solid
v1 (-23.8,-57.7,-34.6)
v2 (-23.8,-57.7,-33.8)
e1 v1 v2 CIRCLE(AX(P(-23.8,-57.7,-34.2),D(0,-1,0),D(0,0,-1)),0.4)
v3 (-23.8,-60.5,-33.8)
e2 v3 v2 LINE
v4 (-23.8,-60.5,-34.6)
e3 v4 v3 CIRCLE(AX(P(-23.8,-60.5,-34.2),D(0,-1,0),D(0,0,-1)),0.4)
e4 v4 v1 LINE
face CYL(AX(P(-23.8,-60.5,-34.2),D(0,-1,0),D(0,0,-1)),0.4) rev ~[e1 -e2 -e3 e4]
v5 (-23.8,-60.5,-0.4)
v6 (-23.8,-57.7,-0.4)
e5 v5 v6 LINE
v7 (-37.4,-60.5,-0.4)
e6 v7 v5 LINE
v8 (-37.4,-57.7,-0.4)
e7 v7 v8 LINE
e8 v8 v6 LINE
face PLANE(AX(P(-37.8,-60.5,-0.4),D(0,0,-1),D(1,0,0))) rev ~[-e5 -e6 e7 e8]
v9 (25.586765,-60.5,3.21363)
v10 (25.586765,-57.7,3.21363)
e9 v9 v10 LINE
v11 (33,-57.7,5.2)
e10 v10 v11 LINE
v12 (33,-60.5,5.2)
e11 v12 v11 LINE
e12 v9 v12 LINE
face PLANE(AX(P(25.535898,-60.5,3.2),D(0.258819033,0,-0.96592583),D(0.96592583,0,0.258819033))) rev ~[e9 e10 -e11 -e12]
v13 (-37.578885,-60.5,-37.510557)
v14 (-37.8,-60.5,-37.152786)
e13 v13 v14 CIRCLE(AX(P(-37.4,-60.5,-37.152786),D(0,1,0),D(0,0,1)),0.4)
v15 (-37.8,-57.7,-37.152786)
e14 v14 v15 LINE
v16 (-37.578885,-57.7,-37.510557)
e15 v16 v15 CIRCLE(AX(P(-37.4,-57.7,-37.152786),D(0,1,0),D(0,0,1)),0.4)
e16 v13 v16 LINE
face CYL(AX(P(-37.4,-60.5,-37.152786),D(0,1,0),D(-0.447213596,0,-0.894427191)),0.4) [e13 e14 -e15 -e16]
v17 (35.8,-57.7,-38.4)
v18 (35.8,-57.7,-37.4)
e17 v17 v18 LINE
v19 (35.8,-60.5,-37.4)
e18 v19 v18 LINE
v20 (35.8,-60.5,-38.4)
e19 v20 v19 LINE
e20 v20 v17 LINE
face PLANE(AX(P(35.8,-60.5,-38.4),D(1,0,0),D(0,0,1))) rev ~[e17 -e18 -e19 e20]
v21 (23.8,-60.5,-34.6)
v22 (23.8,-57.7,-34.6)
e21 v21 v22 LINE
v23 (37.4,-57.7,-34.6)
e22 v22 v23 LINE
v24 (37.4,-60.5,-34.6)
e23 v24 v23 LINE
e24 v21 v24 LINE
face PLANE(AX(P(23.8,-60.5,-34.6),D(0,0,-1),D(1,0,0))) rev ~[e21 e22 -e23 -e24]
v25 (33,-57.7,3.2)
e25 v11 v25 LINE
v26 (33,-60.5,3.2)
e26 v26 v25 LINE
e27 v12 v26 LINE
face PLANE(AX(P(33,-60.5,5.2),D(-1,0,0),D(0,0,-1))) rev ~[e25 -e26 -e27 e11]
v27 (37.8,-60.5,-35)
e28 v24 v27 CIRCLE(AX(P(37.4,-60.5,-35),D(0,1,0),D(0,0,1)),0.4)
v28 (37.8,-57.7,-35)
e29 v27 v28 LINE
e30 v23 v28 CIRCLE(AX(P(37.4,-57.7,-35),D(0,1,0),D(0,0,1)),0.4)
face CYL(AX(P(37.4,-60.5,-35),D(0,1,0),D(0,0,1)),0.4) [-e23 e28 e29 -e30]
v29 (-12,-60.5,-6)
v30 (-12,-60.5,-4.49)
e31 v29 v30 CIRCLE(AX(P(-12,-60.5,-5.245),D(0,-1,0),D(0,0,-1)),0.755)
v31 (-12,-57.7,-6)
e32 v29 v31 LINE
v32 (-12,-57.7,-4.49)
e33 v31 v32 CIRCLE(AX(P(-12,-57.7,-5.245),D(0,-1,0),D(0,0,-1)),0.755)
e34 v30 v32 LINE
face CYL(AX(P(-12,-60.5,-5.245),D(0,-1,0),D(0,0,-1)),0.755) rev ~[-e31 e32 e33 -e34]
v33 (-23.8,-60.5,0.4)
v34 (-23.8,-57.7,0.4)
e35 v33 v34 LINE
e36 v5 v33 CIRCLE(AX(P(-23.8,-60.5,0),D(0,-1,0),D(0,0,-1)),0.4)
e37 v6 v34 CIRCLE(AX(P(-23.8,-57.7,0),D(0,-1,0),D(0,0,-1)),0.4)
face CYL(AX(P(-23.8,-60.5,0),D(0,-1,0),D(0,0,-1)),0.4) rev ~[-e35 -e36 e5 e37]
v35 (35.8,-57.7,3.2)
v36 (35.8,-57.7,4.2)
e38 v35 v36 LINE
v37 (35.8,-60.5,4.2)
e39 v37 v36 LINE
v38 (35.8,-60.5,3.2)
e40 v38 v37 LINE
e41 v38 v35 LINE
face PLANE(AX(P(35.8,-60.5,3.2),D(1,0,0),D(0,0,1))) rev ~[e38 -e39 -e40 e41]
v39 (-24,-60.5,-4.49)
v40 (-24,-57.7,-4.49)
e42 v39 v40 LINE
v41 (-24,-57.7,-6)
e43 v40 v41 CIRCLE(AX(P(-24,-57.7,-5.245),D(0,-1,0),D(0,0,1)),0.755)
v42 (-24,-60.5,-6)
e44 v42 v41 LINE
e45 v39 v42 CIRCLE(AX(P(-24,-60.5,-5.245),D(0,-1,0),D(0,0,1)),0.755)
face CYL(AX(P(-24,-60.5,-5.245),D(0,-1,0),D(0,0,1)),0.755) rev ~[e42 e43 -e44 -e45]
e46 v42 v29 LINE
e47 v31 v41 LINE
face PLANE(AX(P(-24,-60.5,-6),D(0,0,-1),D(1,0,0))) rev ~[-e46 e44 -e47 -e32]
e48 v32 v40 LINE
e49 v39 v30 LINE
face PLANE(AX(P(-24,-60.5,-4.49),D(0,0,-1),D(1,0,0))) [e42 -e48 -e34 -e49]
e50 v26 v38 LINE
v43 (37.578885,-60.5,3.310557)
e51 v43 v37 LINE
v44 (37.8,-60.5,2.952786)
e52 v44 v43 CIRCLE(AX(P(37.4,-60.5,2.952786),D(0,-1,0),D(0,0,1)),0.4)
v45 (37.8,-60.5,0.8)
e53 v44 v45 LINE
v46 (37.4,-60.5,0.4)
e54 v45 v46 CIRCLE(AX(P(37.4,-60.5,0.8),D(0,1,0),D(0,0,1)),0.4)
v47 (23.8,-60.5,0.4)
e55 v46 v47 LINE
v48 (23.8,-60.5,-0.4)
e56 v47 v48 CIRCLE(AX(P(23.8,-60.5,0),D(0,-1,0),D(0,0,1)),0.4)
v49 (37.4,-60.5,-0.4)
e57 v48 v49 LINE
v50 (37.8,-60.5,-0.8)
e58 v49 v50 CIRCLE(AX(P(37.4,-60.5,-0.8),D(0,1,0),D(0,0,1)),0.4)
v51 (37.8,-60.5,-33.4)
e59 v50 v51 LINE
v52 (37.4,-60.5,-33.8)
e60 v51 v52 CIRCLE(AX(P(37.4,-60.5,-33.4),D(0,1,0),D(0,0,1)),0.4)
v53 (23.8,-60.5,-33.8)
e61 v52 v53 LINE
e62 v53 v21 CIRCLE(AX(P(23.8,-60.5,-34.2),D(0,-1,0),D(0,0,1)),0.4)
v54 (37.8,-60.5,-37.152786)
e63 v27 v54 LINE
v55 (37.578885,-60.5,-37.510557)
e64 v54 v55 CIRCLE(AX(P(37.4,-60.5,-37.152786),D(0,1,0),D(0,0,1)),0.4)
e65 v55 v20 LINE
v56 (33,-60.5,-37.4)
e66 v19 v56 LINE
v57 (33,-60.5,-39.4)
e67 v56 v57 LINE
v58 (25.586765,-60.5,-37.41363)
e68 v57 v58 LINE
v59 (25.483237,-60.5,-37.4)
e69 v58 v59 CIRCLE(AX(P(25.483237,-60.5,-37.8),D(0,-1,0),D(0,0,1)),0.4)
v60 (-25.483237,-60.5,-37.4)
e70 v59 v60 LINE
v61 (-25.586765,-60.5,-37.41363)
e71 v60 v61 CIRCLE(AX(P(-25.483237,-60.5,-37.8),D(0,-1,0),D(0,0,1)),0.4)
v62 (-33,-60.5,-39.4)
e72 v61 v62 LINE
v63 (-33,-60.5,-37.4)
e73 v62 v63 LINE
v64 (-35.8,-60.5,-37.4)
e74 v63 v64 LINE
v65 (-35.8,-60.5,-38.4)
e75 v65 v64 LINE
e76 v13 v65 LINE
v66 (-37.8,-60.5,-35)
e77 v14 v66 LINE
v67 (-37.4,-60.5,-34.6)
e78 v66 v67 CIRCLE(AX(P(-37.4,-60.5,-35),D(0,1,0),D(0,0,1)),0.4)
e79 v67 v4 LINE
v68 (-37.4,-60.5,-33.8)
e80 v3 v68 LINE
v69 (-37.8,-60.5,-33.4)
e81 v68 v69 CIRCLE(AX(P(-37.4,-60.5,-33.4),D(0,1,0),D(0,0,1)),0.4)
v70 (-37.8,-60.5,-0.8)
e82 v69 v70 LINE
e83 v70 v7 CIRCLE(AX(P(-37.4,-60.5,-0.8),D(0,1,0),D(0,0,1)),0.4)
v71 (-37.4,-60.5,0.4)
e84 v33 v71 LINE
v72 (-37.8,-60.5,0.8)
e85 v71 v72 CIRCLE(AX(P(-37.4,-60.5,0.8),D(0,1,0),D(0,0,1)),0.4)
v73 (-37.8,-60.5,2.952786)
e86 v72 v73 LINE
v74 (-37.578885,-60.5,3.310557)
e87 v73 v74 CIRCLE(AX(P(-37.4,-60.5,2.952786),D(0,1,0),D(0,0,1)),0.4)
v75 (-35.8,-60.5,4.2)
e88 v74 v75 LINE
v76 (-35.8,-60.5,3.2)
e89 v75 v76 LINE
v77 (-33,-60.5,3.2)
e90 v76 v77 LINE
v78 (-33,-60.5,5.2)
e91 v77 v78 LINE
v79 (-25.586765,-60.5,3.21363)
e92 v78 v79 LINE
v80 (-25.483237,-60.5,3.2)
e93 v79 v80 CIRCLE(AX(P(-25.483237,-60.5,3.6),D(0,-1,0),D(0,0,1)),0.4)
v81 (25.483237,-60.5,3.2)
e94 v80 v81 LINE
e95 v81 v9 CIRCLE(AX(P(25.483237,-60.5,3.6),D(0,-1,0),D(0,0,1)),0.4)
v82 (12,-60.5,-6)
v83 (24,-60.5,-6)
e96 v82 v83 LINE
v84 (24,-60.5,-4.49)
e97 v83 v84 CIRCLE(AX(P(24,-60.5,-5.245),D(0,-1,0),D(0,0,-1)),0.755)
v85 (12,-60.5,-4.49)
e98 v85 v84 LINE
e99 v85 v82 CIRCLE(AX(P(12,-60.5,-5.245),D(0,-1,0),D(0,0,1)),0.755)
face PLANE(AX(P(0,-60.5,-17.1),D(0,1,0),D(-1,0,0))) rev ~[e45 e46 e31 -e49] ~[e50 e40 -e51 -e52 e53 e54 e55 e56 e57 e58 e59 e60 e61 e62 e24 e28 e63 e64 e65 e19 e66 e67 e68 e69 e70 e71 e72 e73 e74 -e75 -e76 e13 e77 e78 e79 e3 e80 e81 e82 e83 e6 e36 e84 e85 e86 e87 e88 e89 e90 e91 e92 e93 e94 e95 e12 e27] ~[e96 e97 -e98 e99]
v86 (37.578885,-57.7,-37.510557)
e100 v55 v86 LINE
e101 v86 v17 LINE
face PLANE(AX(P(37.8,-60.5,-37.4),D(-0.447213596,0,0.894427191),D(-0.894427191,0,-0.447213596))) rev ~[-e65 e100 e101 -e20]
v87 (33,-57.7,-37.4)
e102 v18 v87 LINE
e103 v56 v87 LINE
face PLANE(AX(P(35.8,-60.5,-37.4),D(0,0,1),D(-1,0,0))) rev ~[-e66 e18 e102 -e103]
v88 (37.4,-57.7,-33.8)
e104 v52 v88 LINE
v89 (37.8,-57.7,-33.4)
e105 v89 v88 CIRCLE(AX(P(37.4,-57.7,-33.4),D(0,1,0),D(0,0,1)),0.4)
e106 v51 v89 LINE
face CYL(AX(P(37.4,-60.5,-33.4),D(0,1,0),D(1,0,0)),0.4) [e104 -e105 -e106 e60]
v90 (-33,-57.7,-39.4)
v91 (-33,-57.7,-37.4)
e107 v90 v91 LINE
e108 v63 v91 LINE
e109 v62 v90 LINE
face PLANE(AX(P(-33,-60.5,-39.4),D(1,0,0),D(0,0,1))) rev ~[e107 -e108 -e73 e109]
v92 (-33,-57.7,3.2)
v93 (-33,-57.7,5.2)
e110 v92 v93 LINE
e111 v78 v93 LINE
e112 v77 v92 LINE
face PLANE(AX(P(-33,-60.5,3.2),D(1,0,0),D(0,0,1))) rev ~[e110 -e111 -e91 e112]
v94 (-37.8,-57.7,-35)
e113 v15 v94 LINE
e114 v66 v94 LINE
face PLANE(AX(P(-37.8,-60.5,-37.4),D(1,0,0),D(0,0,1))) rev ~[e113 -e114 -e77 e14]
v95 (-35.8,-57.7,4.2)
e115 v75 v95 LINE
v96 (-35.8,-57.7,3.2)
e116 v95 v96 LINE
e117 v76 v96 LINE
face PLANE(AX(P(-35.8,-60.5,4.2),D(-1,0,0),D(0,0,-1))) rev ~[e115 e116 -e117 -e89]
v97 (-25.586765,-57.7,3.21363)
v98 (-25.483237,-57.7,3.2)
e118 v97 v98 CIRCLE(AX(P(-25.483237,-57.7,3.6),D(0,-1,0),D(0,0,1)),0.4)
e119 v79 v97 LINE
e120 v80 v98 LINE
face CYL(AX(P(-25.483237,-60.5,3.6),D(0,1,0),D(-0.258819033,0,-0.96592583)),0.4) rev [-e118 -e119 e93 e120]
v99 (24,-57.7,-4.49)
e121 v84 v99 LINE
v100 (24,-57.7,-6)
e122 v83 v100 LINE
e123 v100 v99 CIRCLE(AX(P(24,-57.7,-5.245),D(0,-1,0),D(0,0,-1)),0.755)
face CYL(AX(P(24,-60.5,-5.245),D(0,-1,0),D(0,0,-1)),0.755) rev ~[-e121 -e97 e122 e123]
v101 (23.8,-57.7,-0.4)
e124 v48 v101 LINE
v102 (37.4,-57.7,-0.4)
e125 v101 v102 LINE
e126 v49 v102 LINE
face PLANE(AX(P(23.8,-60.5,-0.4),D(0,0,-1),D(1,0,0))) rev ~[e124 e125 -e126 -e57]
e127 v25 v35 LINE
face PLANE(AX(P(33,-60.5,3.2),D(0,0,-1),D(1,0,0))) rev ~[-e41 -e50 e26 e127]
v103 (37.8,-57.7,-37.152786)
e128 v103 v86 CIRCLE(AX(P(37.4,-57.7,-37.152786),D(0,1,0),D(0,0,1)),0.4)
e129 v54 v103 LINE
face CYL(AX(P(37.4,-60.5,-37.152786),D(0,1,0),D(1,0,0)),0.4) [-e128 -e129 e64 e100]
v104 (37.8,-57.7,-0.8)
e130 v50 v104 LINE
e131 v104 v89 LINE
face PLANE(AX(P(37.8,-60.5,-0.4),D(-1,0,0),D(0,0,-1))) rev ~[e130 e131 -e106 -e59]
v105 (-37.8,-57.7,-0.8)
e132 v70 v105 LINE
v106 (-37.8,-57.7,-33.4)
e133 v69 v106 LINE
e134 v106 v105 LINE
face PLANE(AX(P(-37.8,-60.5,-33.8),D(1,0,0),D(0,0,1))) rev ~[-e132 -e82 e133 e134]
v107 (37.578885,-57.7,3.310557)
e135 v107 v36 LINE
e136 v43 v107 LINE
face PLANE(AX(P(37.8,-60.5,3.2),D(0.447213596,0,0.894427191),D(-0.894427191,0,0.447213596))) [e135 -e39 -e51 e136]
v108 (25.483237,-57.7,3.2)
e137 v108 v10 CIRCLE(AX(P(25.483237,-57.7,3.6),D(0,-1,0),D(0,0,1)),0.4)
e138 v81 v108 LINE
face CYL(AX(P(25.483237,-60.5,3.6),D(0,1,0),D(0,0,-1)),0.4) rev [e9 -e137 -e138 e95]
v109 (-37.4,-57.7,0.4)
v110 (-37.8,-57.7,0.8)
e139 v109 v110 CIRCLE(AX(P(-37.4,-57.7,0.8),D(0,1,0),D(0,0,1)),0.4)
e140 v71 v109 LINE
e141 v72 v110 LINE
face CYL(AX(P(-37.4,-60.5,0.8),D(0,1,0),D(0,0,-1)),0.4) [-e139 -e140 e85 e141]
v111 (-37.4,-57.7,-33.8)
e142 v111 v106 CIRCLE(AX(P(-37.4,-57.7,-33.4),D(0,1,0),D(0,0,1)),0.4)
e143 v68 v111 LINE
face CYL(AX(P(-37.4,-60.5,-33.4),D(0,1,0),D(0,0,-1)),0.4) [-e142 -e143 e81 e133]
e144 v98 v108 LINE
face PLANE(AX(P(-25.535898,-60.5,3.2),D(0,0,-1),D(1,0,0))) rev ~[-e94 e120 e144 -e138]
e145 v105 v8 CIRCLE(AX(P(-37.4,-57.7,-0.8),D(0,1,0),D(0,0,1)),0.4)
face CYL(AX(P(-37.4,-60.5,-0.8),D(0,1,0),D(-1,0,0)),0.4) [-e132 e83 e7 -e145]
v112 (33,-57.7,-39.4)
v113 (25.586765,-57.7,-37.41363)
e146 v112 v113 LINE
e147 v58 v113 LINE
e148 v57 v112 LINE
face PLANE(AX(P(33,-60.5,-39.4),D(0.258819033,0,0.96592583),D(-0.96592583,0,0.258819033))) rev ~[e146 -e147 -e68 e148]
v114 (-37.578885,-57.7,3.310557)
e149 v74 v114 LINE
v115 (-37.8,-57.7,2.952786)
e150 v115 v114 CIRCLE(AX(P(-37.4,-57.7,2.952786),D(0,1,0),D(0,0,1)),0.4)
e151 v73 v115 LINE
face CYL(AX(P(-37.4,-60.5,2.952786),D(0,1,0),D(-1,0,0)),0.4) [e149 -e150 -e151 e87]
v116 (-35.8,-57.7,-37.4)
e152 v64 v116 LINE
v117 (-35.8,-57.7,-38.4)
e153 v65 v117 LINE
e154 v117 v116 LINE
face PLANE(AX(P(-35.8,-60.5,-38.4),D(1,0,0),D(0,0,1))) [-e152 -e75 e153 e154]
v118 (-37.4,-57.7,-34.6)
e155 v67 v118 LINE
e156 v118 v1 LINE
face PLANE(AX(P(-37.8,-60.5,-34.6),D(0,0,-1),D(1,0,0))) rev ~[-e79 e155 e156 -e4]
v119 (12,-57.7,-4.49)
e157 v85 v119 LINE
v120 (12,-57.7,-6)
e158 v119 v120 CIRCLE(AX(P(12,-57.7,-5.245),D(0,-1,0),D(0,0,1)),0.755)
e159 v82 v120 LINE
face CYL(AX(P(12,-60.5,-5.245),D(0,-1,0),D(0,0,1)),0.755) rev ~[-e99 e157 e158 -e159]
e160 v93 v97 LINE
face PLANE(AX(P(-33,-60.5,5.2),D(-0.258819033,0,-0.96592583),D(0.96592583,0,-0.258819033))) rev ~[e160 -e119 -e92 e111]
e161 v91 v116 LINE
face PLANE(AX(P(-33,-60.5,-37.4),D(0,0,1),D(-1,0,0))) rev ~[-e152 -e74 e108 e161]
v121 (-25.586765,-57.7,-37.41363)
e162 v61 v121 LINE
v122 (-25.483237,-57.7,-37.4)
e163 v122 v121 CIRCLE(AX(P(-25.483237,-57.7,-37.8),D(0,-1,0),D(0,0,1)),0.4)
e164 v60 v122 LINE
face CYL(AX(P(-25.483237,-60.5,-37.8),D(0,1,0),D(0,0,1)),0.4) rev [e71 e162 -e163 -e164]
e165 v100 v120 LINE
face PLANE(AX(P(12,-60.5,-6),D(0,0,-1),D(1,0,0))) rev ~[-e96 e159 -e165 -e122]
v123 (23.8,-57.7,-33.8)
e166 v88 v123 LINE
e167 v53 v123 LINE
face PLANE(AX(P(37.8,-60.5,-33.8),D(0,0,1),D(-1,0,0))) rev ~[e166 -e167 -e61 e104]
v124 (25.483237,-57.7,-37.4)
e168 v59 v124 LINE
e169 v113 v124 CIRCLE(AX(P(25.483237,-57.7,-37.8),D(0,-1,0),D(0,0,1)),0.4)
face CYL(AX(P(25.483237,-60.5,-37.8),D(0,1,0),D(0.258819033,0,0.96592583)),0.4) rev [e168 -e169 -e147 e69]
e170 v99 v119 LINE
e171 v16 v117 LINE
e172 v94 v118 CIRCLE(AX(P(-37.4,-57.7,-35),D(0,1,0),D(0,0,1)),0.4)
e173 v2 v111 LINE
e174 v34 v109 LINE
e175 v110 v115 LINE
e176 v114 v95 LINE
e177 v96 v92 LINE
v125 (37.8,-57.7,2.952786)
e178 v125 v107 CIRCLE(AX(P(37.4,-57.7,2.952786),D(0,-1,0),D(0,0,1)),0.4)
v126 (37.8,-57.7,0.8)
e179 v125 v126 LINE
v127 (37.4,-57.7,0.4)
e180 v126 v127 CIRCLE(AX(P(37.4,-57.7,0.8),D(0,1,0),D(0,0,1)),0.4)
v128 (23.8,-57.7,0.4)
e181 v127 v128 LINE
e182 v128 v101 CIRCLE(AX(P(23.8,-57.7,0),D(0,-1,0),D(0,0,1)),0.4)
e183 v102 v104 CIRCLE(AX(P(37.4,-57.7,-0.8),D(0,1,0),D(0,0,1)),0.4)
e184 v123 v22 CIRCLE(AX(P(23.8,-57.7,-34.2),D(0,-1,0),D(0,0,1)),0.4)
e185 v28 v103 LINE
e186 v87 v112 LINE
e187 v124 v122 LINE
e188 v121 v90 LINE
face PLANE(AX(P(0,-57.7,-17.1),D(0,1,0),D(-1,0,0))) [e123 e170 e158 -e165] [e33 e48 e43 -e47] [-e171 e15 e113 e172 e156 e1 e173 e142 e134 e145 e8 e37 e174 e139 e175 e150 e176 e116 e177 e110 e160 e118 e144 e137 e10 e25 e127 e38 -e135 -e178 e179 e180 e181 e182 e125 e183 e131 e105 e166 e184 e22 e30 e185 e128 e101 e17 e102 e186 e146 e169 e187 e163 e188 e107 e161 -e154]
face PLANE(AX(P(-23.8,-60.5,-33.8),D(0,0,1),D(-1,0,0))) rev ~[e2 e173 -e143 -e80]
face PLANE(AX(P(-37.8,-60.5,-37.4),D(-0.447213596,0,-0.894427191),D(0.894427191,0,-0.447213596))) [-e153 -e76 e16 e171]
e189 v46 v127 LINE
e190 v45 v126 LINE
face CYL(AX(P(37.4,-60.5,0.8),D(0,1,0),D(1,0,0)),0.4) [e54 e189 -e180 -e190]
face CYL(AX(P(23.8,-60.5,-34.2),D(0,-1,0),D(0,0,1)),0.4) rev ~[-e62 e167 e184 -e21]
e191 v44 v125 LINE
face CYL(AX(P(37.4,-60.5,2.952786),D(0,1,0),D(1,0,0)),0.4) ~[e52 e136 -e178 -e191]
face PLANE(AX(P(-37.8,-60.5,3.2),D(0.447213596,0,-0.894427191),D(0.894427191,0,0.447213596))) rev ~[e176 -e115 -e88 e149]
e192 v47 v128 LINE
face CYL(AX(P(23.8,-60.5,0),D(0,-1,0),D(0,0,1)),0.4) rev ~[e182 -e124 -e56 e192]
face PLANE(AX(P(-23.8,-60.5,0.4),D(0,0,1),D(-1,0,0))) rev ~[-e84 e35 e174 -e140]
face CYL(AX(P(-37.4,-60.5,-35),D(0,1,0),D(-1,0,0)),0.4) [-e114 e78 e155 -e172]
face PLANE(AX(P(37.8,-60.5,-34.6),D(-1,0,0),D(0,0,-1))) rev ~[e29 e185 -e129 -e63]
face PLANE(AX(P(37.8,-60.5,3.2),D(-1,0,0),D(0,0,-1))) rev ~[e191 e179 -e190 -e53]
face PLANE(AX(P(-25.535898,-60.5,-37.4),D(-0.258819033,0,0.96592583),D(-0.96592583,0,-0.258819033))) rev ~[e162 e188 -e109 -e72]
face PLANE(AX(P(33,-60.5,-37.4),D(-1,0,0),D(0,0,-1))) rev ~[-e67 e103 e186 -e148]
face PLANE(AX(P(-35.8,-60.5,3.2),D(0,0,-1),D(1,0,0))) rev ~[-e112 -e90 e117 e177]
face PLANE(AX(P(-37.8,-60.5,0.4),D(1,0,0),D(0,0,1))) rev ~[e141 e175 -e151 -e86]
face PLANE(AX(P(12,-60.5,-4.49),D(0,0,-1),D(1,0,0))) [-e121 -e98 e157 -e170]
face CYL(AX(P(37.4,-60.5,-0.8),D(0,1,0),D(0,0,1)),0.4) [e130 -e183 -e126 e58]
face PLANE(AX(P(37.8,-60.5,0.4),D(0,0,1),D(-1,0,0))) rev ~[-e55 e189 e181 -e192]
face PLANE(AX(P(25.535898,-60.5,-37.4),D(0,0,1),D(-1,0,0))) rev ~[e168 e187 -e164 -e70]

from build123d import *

# Parameters (mm, degrees)
PAD009_DEPTH    = 2.8
FILLET004_R     = 0.4
POCKET014_DEPTH = 2.801


with BuildPart() as part:
    # Sketch009 → Pad009 (new body)
    with BuildSketch(Plane.XZ.offset(60.5)):
        with BuildLine():
            Line((37.8, 3.2), (37.8, 0.4))
            Line((37.8, 0.4), (23.8, 0.4))
            ThreePointArc((23.8, 0.4), (23.4, 0), (23.8, -0.4))
            Line((23.8, -0.4), (37.8, -0.4))
            Line((37.8, -0.4), (37.8, -33.8))
            Line((37.8, -33.8), (23.8, -33.8))
            ThreePointArc((23.8, -33.8), (23.4, -34.2), (23.8, -34.6))
            Line((23.8, -34.6), (37.8, -34.6))
            Line((37.8, -34.6), (37.8, -37.4))
            Line((37.8, -37.4), (35.8, -38.4))
            Line((35.8, -38.4), (35.8, -37.4))
            Line((35.8, -37.4), (33, -37.4))
            Line((33, -37.4), (33, -39.4))
            Line((33, -39.4), (25.535898, -37.4))
            Line((25.535898, -37.4), (-25.535898, -37.4))
            Line((-25.535898, -37.4), (-33, -39.4))
            Line((-33, -39.4), (-33, -37.4))
            Line((-33, -37.4), (-35.8, -37.4))
            Line((-35.8, -38.4), (-35.8, -37.4))
            Line((-37.8, -37.4), (-35.8, -38.4))
            Line((-37.8, -37.4), (-37.8, -34.6))
            Line((-37.8, -34.6), (-23.8, -34.6))
            ThreePointArc((-23.8, -34.6), (-23.4, -34.2), (-23.8, -33.8))
            Line((-23.8, -33.8), (-37.8, -33.8))
            Line((-37.8, -33.8), (-37.8, -0.4))
            Line((-37.8, -0.4), (-23.8, -0.4))
            ThreePointArc((-23.8, -0.4), (-23.4, 0), (-23.8, 0.4))
            Line((-23.8, 0.4), (-37.8, 0.4))
            Line((-37.8, 0.4), (-37.8, 3.2))
            Line((-37.8, 3.2), (-35.8, 4.2))
            Line((-35.8, 4.2), (-35.8, 3.2))
            Line((-35.8, 3.2), (-33, 3.2))
            Line((-33, 3.2), (-33, 5.2))
            Line((-33, 5.2), (-25.535898, 3.2))
            Line((-25.535898, 3.2), (25.535898, 3.2))
            Line((25.535898, 3.2), (33, 5.2))
            Line((33, 5.2), (33, 3.2))
            Line((33, 3.2), (35.8, 3.2))
            Line((35.8, 3.2), (35.8, 4.2))
            Line((37.8, 3.2), (35.8, 4.2))
        make_face()
    extrude(amount=-PAD009_DEPTH)

    # Fillet004
    fillet004_edges = [part.edges().sort_by_distance(p)[0] for p in [
        (37.8, -59.1, -0.4),
        (37.8, -59.1, 0.4),
        (37.8, -59.1, 3.2),
        (25.535898, -59.1, 3.2),
        (-25.535898, -59.1, 3.2),
        (-37.8, -59.1, 3.2),
        (-37.8, -59.1, 0.4),
        (-37.8, -59.1, -0.4),
        (-37.8, -59.1, -33.8),
        (-37.8, -59.1, -34.6),
        (-37.8, -59.1, -37.4),
        (-25.535898, -59.1, -37.4),
        (25.535898, -59.1, -37.4),
        (37.8, -59.1, -37.4),
        (37.8, -59.1, -34.6),
        (37.8, -59.1, -33.8),
    ]]
    fillet(fillet004_edges, radius=FILLET004_R)

    # Sketch025 → Pocket014 (cut, through all)
    with BuildSketch(Plane.XZ.offset(60.5)):
        with BuildLine():
            ThreePointArc((-24, -4.49), (-24.755, -5.245), (-24, -6))
            Line((-24, -6), (-12, -6))
            ThreePointArc((-12, -6), (-11.245, -5.245), (-12, -4.49))
            Line((-24, -4.49), (-12, -4.49))
        make_face()
        with BuildLine():
            ThreePointArc((12, -4.49), (11.245, -5.245), (12, -6))
            Line((12, -6), (24, -6))
            ThreePointArc((24, -6), (24.755, -5.245), (24, -4.49))
            Line((12, -4.49), (24, -4.49))
        make_face()
    extrude(amount=-POCKET014_DEPTH, mode=Mode.SUBTRACT)


solid = part.part
